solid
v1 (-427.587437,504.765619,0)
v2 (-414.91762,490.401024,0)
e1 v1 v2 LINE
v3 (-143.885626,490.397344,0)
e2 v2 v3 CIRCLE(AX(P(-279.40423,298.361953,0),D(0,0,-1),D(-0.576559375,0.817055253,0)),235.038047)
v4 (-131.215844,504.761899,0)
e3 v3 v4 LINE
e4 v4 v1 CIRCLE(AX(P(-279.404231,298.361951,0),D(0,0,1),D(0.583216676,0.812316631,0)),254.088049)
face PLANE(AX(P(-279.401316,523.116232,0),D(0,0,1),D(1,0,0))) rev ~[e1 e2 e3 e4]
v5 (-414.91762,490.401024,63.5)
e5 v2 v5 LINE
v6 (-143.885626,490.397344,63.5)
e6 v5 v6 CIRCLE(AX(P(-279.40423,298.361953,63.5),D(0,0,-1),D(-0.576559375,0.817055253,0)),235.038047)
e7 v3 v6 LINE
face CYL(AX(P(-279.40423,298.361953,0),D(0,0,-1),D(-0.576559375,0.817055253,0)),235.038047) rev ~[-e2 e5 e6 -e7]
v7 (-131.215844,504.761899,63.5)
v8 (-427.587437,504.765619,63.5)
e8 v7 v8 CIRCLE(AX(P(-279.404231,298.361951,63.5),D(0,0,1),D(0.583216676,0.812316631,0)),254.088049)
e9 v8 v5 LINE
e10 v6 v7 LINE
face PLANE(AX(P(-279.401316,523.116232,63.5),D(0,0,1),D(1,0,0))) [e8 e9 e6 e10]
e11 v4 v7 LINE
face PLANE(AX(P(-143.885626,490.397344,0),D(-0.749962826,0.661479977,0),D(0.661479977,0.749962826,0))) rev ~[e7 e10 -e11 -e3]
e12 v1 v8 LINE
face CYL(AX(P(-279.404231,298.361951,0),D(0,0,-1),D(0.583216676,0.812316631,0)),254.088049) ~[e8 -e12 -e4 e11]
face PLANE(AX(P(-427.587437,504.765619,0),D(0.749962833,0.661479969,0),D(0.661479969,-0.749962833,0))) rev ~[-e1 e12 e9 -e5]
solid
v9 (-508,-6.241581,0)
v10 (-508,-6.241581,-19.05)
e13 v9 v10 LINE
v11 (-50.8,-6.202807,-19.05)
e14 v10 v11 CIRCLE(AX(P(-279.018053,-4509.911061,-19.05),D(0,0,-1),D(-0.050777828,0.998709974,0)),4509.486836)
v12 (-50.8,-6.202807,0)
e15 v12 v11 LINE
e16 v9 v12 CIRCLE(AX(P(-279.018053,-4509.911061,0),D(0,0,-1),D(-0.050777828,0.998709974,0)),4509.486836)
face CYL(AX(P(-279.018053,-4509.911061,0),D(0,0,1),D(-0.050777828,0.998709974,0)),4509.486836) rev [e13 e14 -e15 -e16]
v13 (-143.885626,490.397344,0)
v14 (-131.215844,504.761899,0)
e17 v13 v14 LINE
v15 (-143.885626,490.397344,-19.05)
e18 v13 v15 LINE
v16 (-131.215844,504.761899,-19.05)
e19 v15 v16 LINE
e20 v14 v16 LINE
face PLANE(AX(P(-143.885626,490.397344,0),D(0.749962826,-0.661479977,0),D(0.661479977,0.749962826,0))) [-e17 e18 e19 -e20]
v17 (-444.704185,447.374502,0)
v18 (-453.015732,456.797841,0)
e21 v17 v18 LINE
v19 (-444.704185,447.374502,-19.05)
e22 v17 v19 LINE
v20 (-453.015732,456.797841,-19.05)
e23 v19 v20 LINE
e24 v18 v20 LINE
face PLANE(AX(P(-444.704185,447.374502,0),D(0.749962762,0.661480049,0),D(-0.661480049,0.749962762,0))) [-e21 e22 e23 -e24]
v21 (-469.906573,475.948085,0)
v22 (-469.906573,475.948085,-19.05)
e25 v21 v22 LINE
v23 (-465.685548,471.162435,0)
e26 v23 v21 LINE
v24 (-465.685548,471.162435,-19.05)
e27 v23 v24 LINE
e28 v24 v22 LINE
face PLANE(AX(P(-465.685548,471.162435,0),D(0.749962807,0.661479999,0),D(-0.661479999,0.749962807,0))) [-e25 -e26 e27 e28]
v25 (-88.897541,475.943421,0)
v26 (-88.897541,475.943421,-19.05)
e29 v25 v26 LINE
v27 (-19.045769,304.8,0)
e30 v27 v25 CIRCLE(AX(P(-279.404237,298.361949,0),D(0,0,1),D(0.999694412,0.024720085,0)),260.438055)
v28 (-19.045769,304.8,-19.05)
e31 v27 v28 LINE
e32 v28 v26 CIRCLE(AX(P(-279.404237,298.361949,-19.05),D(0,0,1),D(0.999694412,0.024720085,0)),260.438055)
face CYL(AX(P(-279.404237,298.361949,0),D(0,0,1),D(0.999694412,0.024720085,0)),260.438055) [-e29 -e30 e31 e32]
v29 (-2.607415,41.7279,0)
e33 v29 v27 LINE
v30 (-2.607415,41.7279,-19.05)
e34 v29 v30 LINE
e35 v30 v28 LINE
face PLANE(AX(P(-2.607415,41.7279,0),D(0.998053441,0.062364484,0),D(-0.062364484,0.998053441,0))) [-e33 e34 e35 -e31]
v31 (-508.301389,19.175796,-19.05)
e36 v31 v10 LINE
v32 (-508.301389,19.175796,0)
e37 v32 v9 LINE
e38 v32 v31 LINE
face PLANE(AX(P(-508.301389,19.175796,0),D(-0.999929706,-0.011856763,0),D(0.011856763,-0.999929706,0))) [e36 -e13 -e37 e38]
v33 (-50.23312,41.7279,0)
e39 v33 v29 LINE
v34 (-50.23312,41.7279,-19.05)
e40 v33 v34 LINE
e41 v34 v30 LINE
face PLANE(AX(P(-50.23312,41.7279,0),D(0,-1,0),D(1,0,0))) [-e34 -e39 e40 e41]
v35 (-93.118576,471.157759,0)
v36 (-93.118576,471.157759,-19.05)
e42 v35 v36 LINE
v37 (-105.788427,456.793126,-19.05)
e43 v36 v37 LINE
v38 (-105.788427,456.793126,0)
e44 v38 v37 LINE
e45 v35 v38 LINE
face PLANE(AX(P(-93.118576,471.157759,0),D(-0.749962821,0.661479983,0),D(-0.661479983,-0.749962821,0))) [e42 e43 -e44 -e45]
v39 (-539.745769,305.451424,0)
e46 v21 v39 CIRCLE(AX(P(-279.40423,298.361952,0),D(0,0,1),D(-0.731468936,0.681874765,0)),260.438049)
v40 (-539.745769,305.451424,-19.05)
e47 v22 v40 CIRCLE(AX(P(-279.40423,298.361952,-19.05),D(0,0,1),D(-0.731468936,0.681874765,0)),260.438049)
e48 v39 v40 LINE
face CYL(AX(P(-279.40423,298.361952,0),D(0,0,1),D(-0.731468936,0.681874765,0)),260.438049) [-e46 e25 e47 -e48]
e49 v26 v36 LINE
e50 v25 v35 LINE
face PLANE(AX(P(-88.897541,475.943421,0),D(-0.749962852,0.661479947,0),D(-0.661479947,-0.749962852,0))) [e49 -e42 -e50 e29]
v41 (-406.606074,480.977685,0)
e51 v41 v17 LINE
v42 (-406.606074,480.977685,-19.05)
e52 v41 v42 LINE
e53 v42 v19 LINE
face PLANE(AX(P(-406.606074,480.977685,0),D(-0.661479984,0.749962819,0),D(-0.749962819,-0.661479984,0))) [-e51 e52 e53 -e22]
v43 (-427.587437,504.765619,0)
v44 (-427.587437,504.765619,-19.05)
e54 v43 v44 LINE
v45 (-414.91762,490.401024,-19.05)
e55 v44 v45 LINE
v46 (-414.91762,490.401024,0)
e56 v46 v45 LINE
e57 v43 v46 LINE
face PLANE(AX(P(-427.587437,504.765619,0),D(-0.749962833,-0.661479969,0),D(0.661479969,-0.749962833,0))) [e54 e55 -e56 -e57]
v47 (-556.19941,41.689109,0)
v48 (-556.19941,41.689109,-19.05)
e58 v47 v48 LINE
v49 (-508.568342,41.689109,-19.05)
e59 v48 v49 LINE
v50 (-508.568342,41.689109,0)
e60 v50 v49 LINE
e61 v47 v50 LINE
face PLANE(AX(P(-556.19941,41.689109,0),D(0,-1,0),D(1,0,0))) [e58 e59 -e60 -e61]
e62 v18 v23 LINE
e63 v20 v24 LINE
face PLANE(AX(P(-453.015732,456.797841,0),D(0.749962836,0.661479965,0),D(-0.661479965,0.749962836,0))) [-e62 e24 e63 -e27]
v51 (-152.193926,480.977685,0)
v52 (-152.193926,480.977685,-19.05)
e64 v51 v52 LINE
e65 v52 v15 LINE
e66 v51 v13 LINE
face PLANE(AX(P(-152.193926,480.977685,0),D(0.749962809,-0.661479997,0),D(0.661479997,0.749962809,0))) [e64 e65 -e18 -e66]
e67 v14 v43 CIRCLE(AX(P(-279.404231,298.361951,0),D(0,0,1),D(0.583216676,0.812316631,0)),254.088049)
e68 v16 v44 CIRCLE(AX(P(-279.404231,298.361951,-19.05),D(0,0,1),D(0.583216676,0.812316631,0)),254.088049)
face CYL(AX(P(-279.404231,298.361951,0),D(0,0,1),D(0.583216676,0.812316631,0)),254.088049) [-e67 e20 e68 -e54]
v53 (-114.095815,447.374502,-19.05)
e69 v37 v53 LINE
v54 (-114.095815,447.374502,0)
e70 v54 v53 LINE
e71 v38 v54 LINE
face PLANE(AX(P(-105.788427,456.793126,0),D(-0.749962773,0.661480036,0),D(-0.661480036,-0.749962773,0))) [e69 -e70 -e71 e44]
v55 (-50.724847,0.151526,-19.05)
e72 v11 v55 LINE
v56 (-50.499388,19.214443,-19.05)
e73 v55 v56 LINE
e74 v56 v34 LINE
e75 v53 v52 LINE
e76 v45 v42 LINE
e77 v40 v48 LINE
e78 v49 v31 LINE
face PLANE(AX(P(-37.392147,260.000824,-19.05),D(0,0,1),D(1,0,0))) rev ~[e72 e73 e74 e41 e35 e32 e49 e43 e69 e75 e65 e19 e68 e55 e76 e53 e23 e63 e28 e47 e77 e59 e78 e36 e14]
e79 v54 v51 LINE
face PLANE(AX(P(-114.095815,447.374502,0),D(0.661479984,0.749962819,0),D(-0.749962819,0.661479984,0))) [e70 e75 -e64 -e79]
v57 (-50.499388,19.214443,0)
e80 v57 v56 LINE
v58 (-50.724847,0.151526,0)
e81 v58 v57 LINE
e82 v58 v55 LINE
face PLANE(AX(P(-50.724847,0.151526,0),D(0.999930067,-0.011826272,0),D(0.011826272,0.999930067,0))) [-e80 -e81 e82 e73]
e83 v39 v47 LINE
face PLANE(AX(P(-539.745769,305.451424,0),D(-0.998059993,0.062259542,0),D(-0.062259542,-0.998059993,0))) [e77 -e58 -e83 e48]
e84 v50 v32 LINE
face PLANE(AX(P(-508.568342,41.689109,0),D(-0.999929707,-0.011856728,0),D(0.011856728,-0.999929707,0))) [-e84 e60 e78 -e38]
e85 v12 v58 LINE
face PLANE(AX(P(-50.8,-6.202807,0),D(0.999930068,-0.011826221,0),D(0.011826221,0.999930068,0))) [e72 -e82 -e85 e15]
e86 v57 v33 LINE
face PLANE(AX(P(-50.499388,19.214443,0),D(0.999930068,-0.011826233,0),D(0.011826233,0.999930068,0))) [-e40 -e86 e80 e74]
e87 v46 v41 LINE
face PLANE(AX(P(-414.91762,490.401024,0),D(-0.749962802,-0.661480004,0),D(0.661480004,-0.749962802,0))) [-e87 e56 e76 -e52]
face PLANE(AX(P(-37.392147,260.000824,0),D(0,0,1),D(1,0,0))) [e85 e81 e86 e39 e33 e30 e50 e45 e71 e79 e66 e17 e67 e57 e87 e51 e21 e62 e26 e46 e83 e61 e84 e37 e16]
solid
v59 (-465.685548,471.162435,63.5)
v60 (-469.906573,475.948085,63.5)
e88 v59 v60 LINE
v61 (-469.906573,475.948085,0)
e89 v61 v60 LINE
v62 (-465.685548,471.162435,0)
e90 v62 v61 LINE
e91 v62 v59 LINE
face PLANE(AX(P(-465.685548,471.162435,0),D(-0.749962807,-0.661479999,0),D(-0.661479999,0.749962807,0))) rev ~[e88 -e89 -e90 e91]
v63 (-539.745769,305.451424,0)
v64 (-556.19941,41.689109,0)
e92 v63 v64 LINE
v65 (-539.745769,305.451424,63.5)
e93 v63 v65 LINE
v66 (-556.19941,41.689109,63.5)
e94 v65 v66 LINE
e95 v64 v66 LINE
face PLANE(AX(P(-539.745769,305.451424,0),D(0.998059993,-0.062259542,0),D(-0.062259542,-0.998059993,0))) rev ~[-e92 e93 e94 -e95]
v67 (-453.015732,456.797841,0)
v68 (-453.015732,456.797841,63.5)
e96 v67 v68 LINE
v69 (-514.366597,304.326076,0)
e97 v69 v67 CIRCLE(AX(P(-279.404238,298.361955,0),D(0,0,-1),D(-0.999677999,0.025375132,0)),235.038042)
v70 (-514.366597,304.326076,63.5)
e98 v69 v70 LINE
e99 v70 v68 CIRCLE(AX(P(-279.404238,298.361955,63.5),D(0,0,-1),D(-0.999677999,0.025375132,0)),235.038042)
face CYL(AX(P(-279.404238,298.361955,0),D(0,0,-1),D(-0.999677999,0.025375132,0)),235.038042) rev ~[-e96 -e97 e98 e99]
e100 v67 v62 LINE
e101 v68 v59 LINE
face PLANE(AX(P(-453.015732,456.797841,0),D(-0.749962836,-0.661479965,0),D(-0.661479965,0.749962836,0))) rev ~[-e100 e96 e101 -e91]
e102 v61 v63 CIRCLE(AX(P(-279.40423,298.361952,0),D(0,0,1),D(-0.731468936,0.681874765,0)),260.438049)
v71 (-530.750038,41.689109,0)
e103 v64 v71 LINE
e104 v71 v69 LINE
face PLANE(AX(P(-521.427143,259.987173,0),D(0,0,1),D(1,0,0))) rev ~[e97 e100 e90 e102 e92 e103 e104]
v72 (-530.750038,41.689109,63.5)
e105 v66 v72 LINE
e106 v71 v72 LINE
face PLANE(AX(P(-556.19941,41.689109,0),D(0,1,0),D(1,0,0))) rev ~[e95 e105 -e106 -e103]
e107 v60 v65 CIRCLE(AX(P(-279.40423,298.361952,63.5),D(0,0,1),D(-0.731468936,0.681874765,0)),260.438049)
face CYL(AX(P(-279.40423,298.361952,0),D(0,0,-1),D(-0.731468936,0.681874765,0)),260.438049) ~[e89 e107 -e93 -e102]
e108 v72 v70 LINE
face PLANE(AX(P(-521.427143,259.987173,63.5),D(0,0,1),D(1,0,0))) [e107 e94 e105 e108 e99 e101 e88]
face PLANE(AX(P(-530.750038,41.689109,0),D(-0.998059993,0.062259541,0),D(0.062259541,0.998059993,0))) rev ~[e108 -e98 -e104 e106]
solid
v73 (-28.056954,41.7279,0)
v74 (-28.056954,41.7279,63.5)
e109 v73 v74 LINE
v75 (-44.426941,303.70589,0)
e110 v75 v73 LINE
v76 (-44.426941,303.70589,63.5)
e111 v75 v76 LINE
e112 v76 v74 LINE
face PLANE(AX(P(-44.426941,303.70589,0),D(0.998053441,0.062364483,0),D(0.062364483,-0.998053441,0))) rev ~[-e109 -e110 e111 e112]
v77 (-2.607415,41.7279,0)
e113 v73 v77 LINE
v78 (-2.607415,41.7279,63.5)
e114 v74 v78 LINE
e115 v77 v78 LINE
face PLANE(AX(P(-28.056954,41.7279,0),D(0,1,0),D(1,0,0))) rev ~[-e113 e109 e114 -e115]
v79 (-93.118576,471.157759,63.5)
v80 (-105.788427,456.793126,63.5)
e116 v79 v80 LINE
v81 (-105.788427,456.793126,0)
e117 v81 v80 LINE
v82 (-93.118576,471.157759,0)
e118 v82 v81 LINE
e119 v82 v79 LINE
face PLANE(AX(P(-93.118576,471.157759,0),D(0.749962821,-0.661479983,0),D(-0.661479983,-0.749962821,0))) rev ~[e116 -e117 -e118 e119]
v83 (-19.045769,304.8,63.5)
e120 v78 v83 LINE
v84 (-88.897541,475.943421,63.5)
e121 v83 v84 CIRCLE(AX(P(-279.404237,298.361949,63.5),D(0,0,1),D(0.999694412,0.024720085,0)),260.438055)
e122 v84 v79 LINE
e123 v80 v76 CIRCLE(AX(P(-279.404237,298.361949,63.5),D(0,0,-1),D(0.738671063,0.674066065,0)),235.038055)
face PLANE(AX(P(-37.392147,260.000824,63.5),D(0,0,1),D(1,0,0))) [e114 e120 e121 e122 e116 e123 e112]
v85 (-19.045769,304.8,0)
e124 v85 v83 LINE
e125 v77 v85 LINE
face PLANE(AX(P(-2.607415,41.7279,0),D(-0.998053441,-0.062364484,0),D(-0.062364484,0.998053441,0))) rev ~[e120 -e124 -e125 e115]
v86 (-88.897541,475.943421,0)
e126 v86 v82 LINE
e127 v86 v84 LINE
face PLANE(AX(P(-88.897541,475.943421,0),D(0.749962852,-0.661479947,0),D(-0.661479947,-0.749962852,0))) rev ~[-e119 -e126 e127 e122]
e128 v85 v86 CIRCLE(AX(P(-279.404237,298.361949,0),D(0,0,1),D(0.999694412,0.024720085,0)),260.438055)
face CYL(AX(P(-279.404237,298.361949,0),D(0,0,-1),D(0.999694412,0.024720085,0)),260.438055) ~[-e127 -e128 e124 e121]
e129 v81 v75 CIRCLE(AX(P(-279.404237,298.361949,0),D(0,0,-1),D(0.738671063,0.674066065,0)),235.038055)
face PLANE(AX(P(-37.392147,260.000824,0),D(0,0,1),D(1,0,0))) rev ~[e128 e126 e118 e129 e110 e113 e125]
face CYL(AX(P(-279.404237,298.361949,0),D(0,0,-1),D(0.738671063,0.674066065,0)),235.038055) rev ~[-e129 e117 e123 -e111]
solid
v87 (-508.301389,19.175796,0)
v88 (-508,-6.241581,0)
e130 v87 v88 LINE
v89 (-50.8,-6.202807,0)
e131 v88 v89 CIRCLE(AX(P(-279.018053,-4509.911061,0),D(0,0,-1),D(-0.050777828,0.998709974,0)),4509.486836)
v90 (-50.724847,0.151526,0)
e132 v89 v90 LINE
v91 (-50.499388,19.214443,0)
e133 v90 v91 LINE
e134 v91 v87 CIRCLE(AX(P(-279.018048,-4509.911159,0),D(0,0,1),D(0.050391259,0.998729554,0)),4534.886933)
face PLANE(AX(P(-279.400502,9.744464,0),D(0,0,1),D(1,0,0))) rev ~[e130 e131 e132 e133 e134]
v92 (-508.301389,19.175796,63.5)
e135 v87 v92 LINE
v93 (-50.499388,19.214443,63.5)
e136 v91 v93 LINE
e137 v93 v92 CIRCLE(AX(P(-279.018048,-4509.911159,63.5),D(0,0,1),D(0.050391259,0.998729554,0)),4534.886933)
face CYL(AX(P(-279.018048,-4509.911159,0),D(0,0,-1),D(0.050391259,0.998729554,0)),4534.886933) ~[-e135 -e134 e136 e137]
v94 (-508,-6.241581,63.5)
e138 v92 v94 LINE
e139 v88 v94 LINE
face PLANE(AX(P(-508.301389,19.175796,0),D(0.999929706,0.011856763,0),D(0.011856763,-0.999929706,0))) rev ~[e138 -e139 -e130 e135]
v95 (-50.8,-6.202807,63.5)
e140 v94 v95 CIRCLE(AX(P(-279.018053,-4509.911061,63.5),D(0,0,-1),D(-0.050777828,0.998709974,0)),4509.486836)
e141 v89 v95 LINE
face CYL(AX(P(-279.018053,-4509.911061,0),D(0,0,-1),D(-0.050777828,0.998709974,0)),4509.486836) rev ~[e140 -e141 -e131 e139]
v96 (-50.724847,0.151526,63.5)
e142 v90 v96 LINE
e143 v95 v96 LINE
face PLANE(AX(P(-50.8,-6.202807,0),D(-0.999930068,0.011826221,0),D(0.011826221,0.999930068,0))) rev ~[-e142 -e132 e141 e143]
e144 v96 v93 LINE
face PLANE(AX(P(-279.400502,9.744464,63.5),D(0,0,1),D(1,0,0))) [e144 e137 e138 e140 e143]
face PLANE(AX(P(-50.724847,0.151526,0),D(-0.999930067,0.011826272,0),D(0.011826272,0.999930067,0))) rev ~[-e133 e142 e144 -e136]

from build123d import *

# Parameters (mm, degrees)
F1_DEPTH = 63.5
F2_DEPTH = 19.05


with BuildPart() as f1:
    # F0 (on Top) → F1 (new body)
    with BuildSketch(Plane.XY):
        with BuildLine():
            Line((-50.724847, 0.151526), (-50.499388, 19.214443))
            ThreePointArc((-50.499388, 19.214443), (-279.400876, 24.975758), (-508.301389, 19.175796))
            Line((-508.301389, 19.175796), (-508, -6.241581))
            ThreePointArc((-508, -6.241581), (-279.400492, -0.424242), (-50.8, -6.202807))
            Line((-50.8, -6.202807), (-50.724847, 0.151526))
        make_face()
        with BuildLine():
            Line((-2.607415, 41.7279), (-19.045769, 304.8))
            ThreePointArc((-19.045769, 304.8), (-38.276954, 396.777465), (-88.897541, 475.943421))
            Line((-88.897541, 475.943421), (-93.118576, 471.157759))
            Line((-93.118576, 471.157759), (-105.788427, 456.793126))
            ThreePointArc((-105.788427, 456.793126), (-61.239146, 385.808392), (-44.426941, 303.70589))
            Line((-44.426941, 303.70589), (-28.056954, 41.7279))
            Line((-28.056954, 41.7279), (-2.607415, 41.7279))
        make_face()
        with BuildLine():
            ThreePointArc((-414.91762, 490.401024), (-279.401039, 533.4), (-143.885626, 490.397344))
            Line((-143.885626, 490.397344), (-131.215844, 504.761899))
            ThreePointArc((-131.215844, 504.761899), (-279.401042, 552.45), (-427.587437, 504.765619))
            Line((-427.587437, 504.765619), (-414.91762, 490.401024))
        make_face()
        with BuildLine():
            Line((-556.19941, 41.689109), (-530.750038, 41.689109))
            Line((-530.750038, 41.689109), (-514.366597, 304.326076))
            ThreePointArc((-514.366597, 304.326076), (-497.452531, 386.099192), (-453.015732, 456.797841))
            Line((-453.015732, 456.797841), (-465.685548, 471.162435))
            Line((-465.685548, 471.162435), (-469.906573, 475.948085))
            ThreePointArc((-469.906573, 475.948085), (-520.406988, 397.082001), (-539.745769, 305.451424))
            Line((-539.745769, 305.451424), (-556.19941, 41.689109))
        make_face()
    extrude(amount=F1_DEPTH)


with BuildPart() as f2:
    # F0 (on Top) → F2 (new body)
    with BuildSketch(Plane.XY):
        with BuildLine():
            Line((-2.607415, 41.7279), (-19.045769, 304.8))
            ThreePointArc((-19.045769, 304.8), (-38.276954, 396.777465), (-88.897541, 475.943421))
            Line((-88.897541, 475.943421), (-93.118576, 471.157759))
            Line((-93.118576, 471.157759), (-105.788427, 456.793126))
            ThreePointArc((-105.788427, 456.793126), (-61.239146, 385.808392), (-44.426941, 303.70589))
            Line((-44.426941, 303.70589), (-28.056954, 41.7279))
            Line((-28.056954, 41.7279), (-2.607415, 41.7279))
        make_face()
        with BuildLine():
            Line((-50.23312, 41.7279), (-28.056954, 41.7279))
            Line((-28.056954, 41.7279), (-44.426941, 303.70589))
            ThreePointArc((-44.426941, 303.70589), (-61.239146, 385.808392), (-105.788427, 456.793126))
            Line((-105.788427, 456.793126), (-114.095815, 447.374502))
            Line((-114.095815, 447.374502), (-152.193926, 480.977685))
            Line((-152.193926, 480.977685), (-143.885626, 490.397344))
            ThreePointArc((-143.885626, 490.397344), (-279.401039, 533.4), (-414.91762, 490.401024))
            Line((-414.91762, 490.401024), (-406.606074, 480.977685))
            Line((-406.606074, 480.977685), (-444.704185, 447.374502))
            Line((-444.704185, 447.374502), (-453.015732, 456.797841))
            ThreePointArc((-453.015732, 456.797841), (-497.452531, 386.099192), (-514.366597, 304.326076))
            Line((-514.366597, 304.326076), (-530.750038, 41.689109))
            Line((-530.750038, 41.689109), (-508.568342, 41.689109))
            Line((-508.568342, 41.689109), (-508.301389, 19.175796))
            ThreePointArc((-508.301389, 19.175796), (-279.400876, 24.975758), (-50.499388, 19.214443))
            Line((-50.499388, 19.214443), (-50.23312, 41.7279))
        make_face()
        with BuildLine():
            Line((-50.724847, 0.151526), (-50.499388, 19.214443))
            ThreePointArc((-50.499388, 19.214443), (-279.400876, 24.975758), (-508.301389, 19.175796))
            Line((-508.301389, 19.175796), (-508, -6.241581))
            ThreePointArc((-508, -6.241581), (-279.400492, -0.424242), (-50.8, -6.202807))
            Line((-50.8, -6.202807), (-50.724847, 0.151526))
        make_face()
        with BuildLine():
            ThreePointArc((-414.91762, 490.401024), (-279.401039, 533.4), (-143.885626, 490.397344))
            Line((-143.885626, 490.397344), (-131.215844, 504.761899))
            ThreePointArc((-131.215844, 504.761899), (-279.401042, 552.45), (-427.587437, 504.765619))
            Line((-427.587437, 504.765619), (-414.91762, 490.401024))
        make_face()
        with BuildLine():
            Line((-556.19941, 41.689109), (-530.750038, 41.689109))
            Line((-530.750038, 41.689109), (-514.366597, 304.326076))
            ThreePointArc((-514.366597, 304.326076), (-497.452531, 386.099192), (-453.015732, 456.797841))
            Line((-453.015732, 456.797841), (-465.685548, 471.162435))
            Line((-465.685548, 471.162435), (-469.906573, 475.948085))
            ThreePointArc((-469.906573, 475.948085), (-520.406988, 397.082001), (-539.745769, 305.451424))
            Line((-539.745769, 305.451424), (-556.19941, 41.689109))
        make_face()
    extrude(amount=-F2_DEPTH)


solid = Compound([f1.part, f2.part])
